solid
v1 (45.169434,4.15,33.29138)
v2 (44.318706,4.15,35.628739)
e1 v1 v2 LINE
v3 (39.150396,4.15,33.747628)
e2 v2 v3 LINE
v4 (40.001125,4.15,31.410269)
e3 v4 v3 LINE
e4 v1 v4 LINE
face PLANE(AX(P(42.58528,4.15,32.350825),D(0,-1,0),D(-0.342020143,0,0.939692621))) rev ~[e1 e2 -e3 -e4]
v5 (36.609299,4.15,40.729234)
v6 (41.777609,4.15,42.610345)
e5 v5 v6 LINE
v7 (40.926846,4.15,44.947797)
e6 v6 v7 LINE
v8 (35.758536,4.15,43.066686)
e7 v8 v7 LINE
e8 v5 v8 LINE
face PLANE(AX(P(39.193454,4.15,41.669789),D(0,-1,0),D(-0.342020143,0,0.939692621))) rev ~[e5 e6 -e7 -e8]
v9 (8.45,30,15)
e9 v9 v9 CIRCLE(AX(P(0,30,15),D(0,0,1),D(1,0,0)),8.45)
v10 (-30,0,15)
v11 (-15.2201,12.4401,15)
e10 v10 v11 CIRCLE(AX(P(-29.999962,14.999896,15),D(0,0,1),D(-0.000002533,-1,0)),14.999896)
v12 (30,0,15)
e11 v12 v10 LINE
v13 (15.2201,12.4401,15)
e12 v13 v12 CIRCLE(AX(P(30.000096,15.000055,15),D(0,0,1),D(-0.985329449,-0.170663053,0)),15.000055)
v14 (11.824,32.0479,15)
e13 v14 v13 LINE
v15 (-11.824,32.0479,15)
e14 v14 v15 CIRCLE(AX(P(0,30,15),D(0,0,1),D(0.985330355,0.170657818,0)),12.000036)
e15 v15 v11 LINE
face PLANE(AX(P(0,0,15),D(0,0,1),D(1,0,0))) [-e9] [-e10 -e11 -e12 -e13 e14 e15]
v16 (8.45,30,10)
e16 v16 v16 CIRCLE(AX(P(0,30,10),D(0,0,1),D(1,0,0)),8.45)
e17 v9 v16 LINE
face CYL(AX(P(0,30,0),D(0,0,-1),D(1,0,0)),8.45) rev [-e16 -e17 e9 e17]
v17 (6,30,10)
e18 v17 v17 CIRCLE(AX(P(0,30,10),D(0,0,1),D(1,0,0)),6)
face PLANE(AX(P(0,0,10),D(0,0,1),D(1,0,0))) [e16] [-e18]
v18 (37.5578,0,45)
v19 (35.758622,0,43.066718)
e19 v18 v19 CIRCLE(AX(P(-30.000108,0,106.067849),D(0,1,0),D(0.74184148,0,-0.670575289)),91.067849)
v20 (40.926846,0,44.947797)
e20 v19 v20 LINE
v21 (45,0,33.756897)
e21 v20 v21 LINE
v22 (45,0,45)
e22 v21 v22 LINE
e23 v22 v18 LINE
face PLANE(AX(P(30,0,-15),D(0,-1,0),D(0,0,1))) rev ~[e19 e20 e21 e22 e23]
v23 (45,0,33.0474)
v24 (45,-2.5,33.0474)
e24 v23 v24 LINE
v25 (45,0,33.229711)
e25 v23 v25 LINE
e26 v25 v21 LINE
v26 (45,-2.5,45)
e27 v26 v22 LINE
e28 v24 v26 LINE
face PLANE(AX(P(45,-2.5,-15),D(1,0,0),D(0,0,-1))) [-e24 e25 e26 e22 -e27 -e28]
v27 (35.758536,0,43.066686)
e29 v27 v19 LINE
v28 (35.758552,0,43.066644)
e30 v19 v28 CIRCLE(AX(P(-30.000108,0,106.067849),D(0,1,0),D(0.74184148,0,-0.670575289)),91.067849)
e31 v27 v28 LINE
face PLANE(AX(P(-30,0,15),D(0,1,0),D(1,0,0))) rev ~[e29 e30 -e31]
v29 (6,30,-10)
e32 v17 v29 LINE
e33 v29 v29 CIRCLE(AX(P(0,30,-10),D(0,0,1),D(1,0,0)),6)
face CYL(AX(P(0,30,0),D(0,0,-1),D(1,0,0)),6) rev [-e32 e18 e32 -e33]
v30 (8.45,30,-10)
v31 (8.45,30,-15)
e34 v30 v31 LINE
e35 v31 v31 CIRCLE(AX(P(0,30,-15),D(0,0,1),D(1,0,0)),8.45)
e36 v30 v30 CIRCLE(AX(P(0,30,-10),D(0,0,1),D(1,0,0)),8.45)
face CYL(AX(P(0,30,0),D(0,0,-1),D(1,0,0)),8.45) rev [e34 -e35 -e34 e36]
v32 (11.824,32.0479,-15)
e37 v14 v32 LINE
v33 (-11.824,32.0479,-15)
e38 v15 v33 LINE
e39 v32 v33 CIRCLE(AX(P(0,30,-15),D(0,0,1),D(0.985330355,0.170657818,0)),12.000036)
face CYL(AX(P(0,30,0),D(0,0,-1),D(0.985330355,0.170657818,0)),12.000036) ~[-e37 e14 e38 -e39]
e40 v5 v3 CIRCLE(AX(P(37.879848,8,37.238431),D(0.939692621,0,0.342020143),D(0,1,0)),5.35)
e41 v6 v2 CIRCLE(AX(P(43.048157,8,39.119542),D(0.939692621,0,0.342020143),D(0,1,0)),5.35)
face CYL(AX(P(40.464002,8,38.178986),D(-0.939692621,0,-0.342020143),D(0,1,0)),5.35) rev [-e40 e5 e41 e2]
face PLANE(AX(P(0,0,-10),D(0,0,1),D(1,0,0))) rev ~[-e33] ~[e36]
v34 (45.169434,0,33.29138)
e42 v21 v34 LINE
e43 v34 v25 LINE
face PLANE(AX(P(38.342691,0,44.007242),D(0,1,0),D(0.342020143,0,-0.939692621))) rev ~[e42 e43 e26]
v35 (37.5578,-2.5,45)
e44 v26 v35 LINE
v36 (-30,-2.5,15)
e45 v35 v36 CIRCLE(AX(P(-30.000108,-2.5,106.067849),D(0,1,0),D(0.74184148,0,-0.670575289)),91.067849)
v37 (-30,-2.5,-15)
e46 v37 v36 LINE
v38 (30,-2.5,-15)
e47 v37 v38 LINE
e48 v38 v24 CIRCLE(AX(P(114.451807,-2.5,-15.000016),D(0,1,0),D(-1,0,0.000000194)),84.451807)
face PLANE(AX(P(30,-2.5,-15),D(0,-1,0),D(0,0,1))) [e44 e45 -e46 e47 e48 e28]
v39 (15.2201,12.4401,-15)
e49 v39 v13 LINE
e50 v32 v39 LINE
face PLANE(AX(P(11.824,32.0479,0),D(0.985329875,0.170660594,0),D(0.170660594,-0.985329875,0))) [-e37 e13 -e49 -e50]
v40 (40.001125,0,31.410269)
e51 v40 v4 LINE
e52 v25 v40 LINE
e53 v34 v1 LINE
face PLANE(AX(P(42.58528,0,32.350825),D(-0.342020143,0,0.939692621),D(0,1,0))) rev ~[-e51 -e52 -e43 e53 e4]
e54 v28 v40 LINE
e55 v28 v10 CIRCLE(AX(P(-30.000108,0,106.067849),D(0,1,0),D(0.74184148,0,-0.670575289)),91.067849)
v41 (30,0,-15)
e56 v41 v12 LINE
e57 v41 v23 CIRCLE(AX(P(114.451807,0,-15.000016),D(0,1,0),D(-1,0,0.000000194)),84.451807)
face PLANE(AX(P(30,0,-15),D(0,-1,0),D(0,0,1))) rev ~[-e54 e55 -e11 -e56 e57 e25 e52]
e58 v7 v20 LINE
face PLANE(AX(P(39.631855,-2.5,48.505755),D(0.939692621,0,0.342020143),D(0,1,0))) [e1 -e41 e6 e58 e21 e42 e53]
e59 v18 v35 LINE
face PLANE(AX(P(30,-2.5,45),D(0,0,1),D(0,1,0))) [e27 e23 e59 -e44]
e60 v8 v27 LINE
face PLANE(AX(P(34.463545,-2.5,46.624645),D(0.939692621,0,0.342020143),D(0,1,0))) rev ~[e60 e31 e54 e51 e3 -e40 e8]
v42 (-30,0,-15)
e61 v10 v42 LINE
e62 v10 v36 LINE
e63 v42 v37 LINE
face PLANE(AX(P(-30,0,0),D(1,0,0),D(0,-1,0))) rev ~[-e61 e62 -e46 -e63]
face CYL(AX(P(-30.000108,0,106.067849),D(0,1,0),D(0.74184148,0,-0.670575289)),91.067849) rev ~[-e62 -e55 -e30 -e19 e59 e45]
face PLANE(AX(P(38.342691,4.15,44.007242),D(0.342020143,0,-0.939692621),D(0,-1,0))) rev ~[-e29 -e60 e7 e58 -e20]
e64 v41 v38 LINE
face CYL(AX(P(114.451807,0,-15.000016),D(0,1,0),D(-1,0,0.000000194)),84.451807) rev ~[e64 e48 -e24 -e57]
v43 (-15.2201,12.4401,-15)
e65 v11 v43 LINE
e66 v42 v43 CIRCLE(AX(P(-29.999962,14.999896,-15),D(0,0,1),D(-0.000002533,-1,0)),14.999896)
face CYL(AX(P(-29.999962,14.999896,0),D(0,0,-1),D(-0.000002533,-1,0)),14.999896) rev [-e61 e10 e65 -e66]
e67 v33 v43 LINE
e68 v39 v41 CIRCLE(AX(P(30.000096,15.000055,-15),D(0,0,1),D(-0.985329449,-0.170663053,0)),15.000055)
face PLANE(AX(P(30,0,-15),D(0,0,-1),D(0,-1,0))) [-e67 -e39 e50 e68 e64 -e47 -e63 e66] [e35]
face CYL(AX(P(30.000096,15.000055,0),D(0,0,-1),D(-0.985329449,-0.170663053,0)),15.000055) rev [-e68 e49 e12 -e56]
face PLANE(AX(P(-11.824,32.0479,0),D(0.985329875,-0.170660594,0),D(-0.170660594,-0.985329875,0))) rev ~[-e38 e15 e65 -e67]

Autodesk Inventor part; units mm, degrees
ref_plane "YZ Plane" through (0, 0, 0) normal (1, 0, 0) x (0, 1, 0)
ref_plane "XZ Plane" through (0, 0, 0) normal (0, 1, 0) x (-1, 0, 0)
sketch "Sketch1" plane through (0, 0, 0) normal (0, 0, 1) x (1, 0, 0)
  circle A0 centre (0, 30) radius 8.45
  circle A1 centre (0, 30) radius 6
  arc A2 (-30, 0) -> (-15.2201, 12.4401) centre (-30, 15) ccw
  arc A3 (15.2201, 12.4401) -> (30, 0) centre (30, 15) ccw
  arc A4 (11.824, 32.0479) -> (-11.824, 32.0479) centre (0, 30) ccw
  line L0 (-11.824, 32.0479) -> (-15.2201, 12.4401)
  line L1 (11.824, 32.0479) -> (15.2201, 12.4401)
  line L2 (30, 0) -> (-30, 0)
  line L3 (-30, 0) -> (-30, -2.5)
  line L4 (-30, -2.5) -> (30, -2.5)
  line L5 (30, -2.5) -> (30, 0)
  point P0 (0, 0)
  point P1 (0, 0)
  dimension "d2" = 16.9
  dimension "d3" = 12
  dimension "d9" = 30
  dimension "d12" = 12
  dimension "d15" = 15
  dimension "d16" = 60
  dimension "d17" = 2.5
extrude "Extrusion3" add sketch "Sketch1" along normal mid plane 30 contours A2 L0 A4 L1 A3 L2
extrude "Extrusion4" add sketch "Sketch1" along normal mid plane 20 contours A0
extrude "Extrusion5" add sketch "Sketch1" against normal blind 15 contours L2 L5 L4 L3
extrude "Extrusion6" add sketch "Sketch1" along normal blind 45 contours L2 L5 L4 L3
ref_plane "Work Plane1" through (30, -2.5, 45) normal (0.9397, 0, 0.342) x (0, 1, 0)
ref_plane "Work Plane3" through (37.0477, -2.5, 47.5652) normal (0.9397, 0, 0.342) x (0, 1, 0)
sketch "Sketch5" plane through (37.0477, -2.5, 47.5652) normal (0.9397, 0, 0.342) x (0, 1, 0)
  line L0 (2.5, -28.1908) -> (2.5, -16.1908) construction
  circle A0 centre (10.5, -9.9886) radius 5.35
  circle A1 centre (10.5, -9.9886) radius 7.3 construction
  line L1 (2.5, -16.1908) -> (6.65, -16.1908)
  line L2 (6.65, -16.1908) -> (6.65, -3.7863)
  line L3 (6.65, -3.7863) -> (2.5, -3.7863)
  line L4 (2.5, -3.7863) -> (2.5, -16.1908)
  point P0 (6.65, -13.7034)
  point P1 (6.65, -6.2737)
  dimension "d46" = 12
  dimension "d47" = 10.7
  dimension "d48" = 14.6
  dimension "d49" = 8
  dimension "d51" = 1.5
extrude "Extrusion9" add sketch "Sketch5" along normal mid plane 5.5 contours A0 L2 L1 L4 L3
sketch "Sketch6" plane through (30, -2.5, -15) normal (1, 0, 0) x (0, 0, -1)
  line L0 (0, 0) -> (-60, 0) projected
  line L1 (0, 2.5) -> (0, 0) projected
  line L2 (0, 2.5) -> (-30, 2.5) projected
  line L3 (-30, 2.5) -> (-60, 2.5) projected
  line L4 (-60, 0) -> (-60, 2.5) projected
  point P0 (-15, 2.5)
extrude "Extrusion10" add sketch "Sketch6" along normal blind 15
sketch "Sketch7" plane through (-30, 0, 15) normal (0, 1, 0) x (1, 0, 0)
  line L0 (0, 30) -> (0, -30) projected
  arc A0 (67.5578, -30) -> (0, 0) centre (0, -91.0677) ccw
  line L1 (0, -30) -> (75, -30) projected
  line L2 (0, 0) -> (60, 0) projected
  arc A1 (60, 30) -> (75, -18.0474) centre (144.4517, 30) ccw
  line L3 (60, 30) -> (60, 0) projected
  line L4 (75, 30) -> (75, -30) projected
  line L5 (60, 30) -> (75, 30) projected
  point P0 (30, 15)
  point P1 (65.7585, -28.0666)
  point P2 (75.1694, -18.2914)
extrude "Extrusion11" cut sketch "Sketch7" against normal through all contours A0 L1 L0 | L5 L4 A1
properties part number "Support"
